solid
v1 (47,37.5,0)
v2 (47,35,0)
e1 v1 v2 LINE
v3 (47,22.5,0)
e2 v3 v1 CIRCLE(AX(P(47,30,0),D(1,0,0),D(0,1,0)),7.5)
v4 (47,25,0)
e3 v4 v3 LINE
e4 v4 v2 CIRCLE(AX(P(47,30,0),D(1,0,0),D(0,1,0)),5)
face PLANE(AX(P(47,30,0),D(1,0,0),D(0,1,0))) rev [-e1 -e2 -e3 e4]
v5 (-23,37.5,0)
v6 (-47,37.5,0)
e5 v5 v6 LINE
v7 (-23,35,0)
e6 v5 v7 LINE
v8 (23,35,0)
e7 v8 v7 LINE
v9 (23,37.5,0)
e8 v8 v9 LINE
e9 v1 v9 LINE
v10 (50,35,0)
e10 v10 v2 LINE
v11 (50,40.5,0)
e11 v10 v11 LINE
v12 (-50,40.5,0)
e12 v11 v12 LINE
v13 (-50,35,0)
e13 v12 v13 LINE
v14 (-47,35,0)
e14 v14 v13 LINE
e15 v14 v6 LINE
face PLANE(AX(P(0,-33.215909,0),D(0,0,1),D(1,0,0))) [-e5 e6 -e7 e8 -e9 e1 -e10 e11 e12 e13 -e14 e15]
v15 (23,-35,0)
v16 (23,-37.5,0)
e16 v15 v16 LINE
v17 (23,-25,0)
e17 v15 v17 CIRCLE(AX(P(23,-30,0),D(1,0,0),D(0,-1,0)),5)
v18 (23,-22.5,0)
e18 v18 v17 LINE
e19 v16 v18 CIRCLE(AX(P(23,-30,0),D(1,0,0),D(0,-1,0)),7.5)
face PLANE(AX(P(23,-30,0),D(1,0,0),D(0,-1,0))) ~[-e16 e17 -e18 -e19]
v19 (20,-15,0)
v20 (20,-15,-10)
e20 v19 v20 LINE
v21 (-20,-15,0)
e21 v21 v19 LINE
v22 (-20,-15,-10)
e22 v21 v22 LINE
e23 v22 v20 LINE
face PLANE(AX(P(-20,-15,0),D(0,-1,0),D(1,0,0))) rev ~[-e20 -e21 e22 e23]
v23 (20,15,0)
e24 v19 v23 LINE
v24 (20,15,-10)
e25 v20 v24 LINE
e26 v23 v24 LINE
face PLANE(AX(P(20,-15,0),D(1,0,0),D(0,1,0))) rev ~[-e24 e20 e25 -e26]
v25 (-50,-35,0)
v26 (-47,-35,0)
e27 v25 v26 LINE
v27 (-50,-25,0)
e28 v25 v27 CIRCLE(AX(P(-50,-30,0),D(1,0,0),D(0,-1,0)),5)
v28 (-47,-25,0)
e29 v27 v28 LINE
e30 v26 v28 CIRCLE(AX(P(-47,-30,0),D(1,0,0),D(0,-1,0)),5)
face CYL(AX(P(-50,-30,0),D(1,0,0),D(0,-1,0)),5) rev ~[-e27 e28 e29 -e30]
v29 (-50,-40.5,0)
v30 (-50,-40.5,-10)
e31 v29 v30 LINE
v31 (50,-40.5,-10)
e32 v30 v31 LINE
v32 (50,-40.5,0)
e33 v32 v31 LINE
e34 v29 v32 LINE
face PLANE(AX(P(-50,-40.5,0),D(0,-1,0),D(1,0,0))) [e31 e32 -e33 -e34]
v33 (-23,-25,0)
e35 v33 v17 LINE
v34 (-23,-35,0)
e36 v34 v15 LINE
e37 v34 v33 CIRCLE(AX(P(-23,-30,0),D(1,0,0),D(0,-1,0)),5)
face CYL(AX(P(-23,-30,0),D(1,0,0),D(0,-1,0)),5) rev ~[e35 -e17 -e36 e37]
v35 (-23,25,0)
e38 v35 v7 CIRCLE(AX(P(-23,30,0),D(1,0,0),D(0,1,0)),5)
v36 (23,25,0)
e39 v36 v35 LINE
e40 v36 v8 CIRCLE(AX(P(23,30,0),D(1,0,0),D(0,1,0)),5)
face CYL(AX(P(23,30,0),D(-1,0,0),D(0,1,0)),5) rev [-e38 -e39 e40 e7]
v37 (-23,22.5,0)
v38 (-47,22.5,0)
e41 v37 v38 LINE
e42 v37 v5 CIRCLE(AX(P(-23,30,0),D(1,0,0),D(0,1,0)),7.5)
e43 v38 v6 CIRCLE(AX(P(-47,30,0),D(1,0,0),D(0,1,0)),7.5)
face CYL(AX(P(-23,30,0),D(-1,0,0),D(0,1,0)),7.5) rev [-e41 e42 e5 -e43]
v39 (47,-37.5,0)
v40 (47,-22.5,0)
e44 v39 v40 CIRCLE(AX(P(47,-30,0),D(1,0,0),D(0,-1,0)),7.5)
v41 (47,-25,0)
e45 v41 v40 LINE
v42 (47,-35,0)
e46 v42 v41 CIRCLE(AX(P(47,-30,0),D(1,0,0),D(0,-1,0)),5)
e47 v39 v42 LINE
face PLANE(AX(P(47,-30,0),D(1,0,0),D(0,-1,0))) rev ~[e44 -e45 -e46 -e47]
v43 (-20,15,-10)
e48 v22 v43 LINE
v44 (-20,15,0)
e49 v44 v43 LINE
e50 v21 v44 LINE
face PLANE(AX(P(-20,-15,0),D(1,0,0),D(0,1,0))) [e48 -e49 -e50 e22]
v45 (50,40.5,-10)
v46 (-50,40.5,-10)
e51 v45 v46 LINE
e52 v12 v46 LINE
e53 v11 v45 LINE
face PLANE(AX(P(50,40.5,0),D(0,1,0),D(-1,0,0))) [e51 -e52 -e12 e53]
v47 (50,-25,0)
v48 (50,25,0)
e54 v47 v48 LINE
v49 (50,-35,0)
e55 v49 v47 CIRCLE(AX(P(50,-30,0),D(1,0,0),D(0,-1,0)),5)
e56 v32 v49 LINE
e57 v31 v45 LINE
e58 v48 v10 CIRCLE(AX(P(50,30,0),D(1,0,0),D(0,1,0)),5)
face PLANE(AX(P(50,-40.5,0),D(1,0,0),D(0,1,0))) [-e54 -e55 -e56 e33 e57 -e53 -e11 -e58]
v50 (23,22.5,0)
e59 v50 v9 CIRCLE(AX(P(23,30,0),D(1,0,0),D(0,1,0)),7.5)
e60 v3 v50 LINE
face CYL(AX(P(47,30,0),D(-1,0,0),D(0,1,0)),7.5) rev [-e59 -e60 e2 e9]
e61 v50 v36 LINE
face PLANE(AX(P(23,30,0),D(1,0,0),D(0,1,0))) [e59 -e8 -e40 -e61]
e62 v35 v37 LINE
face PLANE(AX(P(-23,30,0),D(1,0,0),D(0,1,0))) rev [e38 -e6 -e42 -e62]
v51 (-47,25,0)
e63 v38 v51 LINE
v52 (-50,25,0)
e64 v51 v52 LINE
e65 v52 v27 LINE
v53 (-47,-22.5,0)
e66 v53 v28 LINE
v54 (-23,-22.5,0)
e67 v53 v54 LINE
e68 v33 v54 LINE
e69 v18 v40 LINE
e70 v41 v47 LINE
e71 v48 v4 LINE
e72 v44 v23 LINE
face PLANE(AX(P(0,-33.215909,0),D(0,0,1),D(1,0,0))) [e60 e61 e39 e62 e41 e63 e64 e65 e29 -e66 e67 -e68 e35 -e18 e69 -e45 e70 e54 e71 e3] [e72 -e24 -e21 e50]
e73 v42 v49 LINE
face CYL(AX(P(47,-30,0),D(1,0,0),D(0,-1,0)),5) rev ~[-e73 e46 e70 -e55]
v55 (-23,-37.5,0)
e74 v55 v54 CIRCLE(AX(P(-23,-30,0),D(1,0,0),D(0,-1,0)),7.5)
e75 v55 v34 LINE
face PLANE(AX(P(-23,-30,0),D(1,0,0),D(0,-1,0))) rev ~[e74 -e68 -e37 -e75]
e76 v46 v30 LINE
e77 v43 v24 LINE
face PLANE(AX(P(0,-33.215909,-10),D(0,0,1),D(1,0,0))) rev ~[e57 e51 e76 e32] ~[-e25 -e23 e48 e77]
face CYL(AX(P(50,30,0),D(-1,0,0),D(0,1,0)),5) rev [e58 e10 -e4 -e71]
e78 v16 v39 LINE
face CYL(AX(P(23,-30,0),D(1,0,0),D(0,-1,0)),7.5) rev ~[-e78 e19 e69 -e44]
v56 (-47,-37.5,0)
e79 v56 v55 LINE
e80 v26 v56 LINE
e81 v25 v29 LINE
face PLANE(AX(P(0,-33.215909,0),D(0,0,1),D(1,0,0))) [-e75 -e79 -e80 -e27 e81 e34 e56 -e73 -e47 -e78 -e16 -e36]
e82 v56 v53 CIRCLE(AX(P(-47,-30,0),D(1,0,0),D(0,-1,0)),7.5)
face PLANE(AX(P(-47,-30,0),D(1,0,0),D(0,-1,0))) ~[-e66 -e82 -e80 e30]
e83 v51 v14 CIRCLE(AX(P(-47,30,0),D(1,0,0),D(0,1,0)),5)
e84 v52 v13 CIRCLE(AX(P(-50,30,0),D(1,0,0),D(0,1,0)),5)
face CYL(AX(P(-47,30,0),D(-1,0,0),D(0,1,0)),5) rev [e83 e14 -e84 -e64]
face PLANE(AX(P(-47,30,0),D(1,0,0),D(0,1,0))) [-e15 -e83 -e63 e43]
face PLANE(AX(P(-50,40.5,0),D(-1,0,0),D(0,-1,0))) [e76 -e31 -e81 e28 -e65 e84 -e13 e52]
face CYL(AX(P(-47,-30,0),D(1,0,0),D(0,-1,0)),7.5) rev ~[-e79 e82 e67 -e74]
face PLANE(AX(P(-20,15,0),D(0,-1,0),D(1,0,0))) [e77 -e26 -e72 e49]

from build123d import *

# Parameters (mm, degrees)
F0_W     = 100
F0_H     = 60
F0_W_2   = 40
F0_H_2   = 30
F1_DEPTH = 10
F2_DEPTH = 10.001


with BuildPart() as f1:
    # F0 (on Top) → F1 (new body)
    with BuildSketch(Plane.XY):
        Polygon((50, -35), (50, -30), (-50, -30), (-50, -35), (-47, -35), (-47, -37.5), (-23, -37.5), (-23, -35), (0, -35), (23, -35), (23, -37.5), (47, -37.5), (47, -35), align=None)
        Rectangle(F0_W, F0_H)
        Rectangle(F0_W_2, F0_H_2, mode=Mode.SUBTRACT)
        Polygon((50, 30), (50, 35), (47, 35), (47, 37.5), (23, 37.5), (23, 35), (0, 35), (-23, 35), (-23, 37.5), (-47, 37.5), (-47, 35), (-50, 35), (-50, 30), align=None)
        Polygon((50, -40.5), (50, -35), (47, -35), (47, -37.5), (23, -37.5), (23, -35), (0, -35), (-23, -35), (-23, -37.5), (-47, -37.5), (-47, -35), (-50, -35), (-50, -40.5), align=None)
        Polygon((50, 35), (50, 40.5), (-50, 40.5), (-50, 35), (-47, 35), (-47, 37.5), (-23, 37.5), (-23, 35), (0, 35), (23, 35), (23, 37.5), (47, 37.5), (47, 35), align=None)
        Rectangle(F0_W_2, F0_H_2)
    extrude(amount=-F1_DEPTH)

    # F0 (on Top) → F2 (cut, through all)
    with BuildSketch(Plane.XY):
        Rectangle(F0_W_2, F0_H_2)
    extrude(amount=-F2_DEPTH, mode=Mode.SUBTRACT)

    # F0 (on Top) → F3 (revolve, cut)
    with BuildSketch(Plane.XY):
        Polygon((50, 30), (50, 35), (47, 35), (47, 37.5), (23, 37.5), (23, 35), (0, 35), (-23, 35), (-23, 37.5), (-47, 37.5), (-47, 35), (-50, 35), (-50, 30), align=None)
    revolve(axis=Axis((0, 30, 0), (1, 0, 0)), mode=Mode.SUBTRACT)

    # F0 (on Top) → F4 (revolve, cut)
    with BuildSketch(Plane.XY):
        Polygon((50, -35), (50, -30), (-50, -30), (-50, -35), (-47, -35), (-47, -37.5), (-23, -37.5), (-23, -35), (0, -35), (23, -35), (23, -37.5), (47, -37.5), (47, -35), align=None)
    revolve(axis=Axis((0, -30, 0), (1, 0, 0)), mode=Mode.SUBTRACT)


solid = f1.part
